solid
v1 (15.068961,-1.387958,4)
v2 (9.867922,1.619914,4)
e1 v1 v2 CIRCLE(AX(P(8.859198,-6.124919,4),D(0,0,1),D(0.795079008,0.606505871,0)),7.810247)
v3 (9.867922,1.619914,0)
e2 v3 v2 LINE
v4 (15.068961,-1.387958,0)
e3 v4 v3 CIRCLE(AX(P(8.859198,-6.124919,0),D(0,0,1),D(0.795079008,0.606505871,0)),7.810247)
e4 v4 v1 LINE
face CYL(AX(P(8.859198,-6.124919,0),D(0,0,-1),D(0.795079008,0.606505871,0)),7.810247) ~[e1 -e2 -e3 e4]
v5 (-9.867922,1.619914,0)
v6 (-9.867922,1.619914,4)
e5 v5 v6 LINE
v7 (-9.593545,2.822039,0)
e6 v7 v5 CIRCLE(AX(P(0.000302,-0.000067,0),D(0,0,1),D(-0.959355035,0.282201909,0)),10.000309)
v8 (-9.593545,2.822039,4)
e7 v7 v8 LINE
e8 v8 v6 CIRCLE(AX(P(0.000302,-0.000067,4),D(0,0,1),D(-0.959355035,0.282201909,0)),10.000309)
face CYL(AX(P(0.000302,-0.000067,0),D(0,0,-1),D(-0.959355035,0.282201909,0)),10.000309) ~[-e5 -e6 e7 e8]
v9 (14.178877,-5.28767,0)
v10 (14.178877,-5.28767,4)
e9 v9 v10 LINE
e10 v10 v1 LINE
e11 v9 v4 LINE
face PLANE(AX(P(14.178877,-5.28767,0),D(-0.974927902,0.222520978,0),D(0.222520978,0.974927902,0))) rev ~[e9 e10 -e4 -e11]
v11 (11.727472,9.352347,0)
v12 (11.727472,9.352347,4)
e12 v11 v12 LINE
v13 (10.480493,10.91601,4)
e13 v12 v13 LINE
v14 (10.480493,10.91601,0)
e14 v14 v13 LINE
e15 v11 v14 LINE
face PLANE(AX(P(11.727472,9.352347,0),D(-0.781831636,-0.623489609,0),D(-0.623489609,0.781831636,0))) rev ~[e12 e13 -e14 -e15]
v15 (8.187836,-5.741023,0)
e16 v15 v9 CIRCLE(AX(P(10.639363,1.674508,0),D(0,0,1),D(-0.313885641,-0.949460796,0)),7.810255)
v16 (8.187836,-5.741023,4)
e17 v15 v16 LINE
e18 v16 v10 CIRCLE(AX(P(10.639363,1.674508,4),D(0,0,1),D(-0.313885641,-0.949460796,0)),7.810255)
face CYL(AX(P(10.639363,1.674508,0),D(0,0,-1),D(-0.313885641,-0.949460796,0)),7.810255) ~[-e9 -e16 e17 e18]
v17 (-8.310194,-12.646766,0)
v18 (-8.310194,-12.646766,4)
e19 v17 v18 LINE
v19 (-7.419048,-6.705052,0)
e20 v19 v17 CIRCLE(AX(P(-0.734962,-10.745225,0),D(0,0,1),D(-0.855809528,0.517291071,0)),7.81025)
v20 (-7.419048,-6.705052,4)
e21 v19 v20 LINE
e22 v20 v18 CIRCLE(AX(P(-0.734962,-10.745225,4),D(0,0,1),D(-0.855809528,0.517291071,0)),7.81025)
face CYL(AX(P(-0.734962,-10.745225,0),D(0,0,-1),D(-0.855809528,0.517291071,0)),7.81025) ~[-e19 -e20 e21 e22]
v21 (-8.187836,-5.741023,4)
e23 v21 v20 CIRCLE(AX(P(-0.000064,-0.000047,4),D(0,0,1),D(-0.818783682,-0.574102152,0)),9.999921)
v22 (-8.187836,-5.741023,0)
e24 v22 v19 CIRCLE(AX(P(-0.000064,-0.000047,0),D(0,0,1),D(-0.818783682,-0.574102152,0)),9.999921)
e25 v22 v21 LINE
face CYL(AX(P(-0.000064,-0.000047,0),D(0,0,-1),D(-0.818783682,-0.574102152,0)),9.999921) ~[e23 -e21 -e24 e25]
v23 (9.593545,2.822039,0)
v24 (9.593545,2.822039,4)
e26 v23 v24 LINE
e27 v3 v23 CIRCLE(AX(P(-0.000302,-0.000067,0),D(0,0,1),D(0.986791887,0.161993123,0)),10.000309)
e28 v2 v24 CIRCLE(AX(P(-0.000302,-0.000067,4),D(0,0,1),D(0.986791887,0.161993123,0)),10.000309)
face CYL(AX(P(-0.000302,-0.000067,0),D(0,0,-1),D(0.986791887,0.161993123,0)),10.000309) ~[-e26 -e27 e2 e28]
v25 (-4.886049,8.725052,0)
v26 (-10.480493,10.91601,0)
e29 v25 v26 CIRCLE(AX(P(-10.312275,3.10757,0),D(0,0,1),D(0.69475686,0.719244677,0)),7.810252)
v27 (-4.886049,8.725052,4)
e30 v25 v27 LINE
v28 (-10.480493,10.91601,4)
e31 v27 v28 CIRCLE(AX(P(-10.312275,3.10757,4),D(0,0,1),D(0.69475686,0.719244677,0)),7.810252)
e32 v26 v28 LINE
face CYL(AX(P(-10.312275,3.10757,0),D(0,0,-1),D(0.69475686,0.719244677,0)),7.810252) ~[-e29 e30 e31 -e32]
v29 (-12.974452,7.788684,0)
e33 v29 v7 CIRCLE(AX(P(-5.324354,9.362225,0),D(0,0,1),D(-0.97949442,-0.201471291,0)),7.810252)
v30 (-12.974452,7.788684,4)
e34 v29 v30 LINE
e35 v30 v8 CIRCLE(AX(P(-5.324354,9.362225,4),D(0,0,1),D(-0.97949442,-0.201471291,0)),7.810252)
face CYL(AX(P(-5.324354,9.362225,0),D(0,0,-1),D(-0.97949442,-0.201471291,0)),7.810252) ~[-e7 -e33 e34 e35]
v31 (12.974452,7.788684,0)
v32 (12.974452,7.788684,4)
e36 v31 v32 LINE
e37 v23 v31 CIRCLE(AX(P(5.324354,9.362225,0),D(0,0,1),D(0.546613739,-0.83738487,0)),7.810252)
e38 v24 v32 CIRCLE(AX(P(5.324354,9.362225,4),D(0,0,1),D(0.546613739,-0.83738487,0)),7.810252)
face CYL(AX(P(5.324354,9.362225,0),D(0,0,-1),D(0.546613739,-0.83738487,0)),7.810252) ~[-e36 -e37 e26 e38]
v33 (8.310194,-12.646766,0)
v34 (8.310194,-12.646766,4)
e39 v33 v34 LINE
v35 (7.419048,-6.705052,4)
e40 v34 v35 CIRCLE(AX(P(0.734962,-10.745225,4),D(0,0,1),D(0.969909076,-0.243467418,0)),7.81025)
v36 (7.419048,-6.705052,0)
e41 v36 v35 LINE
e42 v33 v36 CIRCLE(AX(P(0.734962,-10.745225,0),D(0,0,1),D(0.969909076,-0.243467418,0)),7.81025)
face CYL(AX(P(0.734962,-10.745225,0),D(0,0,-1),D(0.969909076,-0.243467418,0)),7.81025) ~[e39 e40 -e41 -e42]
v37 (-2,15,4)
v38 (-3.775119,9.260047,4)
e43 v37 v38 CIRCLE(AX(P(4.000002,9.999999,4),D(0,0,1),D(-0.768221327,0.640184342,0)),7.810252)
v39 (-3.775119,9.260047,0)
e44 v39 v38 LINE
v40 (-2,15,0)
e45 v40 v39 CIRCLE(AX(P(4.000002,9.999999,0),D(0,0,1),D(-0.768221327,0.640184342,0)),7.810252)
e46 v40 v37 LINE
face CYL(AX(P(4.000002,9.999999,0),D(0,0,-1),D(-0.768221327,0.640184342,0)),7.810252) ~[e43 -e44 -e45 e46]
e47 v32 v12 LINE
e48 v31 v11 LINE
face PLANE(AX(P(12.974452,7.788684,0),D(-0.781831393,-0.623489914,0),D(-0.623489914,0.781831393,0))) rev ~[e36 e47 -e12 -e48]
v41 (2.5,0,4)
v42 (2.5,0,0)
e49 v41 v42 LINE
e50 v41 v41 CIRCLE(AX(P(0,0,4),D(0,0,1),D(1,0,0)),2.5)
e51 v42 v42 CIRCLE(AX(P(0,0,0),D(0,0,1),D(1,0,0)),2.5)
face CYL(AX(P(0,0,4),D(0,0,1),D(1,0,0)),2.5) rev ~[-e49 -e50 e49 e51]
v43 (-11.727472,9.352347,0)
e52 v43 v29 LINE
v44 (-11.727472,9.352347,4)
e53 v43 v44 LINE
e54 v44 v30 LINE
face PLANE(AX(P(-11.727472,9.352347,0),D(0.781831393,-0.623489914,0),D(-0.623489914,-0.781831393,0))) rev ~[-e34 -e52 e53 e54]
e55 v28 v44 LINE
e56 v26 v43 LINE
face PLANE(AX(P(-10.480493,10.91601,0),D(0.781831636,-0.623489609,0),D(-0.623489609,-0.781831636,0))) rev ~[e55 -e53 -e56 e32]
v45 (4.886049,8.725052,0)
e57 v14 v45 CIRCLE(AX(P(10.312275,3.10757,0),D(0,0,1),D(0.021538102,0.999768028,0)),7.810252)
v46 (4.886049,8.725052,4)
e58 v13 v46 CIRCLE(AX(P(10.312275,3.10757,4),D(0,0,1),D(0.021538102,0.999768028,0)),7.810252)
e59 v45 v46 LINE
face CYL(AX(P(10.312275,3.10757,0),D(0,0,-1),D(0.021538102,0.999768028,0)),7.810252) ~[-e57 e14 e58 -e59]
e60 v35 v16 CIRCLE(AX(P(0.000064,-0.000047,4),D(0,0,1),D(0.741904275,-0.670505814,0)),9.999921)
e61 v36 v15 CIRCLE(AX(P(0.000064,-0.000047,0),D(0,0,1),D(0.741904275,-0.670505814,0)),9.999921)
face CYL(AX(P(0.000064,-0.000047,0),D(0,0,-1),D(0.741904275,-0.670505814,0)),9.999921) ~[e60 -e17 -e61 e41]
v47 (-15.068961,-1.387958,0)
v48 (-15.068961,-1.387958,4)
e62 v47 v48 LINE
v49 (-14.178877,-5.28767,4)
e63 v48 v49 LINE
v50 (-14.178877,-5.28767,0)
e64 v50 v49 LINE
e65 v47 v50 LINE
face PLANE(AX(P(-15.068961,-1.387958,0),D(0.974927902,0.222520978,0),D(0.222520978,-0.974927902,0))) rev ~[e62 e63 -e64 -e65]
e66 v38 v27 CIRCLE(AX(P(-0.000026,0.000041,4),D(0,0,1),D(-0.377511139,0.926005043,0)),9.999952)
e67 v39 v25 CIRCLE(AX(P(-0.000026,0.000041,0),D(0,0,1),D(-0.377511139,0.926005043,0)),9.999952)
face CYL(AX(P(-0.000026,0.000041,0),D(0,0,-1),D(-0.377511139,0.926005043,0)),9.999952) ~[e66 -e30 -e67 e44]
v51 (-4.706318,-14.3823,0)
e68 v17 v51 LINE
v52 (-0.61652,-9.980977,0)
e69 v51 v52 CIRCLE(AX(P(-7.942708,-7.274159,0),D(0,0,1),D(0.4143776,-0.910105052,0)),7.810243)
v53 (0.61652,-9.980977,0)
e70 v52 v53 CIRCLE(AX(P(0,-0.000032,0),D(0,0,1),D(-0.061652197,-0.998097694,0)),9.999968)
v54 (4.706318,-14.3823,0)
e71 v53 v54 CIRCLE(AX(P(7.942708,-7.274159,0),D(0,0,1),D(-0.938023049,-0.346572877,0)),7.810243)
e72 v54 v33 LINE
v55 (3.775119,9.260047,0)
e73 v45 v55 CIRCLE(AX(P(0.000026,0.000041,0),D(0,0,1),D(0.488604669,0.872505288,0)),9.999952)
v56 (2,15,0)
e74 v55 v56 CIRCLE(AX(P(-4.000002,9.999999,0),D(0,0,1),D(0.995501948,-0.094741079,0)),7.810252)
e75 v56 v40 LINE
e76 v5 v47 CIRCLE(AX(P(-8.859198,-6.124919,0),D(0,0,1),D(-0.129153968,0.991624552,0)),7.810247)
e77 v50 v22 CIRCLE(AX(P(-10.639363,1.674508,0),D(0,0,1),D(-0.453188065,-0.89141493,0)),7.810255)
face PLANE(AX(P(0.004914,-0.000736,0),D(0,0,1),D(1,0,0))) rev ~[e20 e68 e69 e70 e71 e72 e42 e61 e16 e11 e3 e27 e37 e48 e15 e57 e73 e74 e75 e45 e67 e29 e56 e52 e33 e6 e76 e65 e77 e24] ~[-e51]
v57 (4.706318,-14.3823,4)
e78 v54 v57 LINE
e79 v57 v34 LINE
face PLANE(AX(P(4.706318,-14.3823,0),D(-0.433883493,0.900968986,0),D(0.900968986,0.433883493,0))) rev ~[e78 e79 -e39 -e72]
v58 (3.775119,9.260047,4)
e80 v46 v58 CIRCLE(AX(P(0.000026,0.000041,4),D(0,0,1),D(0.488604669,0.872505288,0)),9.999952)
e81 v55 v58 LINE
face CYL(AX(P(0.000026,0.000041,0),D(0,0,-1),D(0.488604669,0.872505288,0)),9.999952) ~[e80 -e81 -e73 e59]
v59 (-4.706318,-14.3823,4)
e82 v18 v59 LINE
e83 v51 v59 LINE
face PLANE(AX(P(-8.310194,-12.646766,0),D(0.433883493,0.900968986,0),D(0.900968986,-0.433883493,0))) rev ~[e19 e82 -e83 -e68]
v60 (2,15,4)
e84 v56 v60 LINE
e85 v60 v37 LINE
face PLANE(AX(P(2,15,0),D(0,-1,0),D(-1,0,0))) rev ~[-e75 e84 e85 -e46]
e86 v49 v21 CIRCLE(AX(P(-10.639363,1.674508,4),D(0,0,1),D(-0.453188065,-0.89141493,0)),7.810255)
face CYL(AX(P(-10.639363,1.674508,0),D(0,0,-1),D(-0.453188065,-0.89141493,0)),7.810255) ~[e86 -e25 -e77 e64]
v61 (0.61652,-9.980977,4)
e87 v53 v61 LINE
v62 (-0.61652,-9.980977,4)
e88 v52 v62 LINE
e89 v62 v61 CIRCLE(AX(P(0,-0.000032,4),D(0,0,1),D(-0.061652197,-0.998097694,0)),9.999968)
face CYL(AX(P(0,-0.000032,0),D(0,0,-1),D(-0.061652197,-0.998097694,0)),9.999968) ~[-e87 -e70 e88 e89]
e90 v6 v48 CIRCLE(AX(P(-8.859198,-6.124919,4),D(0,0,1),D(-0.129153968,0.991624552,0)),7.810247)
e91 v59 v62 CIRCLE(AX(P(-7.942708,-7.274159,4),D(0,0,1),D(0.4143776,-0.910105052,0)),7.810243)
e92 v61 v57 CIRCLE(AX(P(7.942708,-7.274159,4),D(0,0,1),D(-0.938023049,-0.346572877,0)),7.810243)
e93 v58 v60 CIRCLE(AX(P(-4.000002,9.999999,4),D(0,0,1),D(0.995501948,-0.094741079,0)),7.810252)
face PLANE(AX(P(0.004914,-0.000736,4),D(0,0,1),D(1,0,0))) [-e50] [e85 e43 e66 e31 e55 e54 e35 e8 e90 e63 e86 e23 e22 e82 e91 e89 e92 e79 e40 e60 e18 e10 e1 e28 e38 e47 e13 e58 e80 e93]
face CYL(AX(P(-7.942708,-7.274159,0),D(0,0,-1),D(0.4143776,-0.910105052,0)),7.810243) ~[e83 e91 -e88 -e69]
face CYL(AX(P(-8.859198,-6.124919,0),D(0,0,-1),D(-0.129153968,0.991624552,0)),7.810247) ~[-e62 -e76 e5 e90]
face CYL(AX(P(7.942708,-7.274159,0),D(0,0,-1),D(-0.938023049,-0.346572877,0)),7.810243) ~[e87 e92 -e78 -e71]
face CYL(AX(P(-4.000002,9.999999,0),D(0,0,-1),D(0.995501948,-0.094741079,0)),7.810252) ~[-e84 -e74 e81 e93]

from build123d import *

# Parameters (mm, degrees)
F1_DEPTH = 4
F2_R     = 2.5
F3_DEPTH = 4.001


with BuildPart() as f1:
    # F0 (on Top) → F1 (new body)
    with BuildSketch(Plane.XY):
        with BuildLine():
            ThreePointArc((8.187836, -5.741023), (9.536204, -3.01012), (10, 0))
            ThreePointArc((10, 0), (9.966926, 0.812645), (9.867922, 1.619914))
            ThreePointArc((9.867922, 1.619914), (9.749279, 2.225209), (9.593545, 2.822039))
            ThreePointArc((9.593545, 2.822039), (7.818315, 6.234898), (4.886049, 8.725052))
            ThreePointArc((4.886049, 8.725052), (4.338837, 9.009689), (3.775119, 9.260047))
            ThreePointArc((3.775119, 9.260047), (0, 10), (-3.775119, 9.260047))
            ThreePointArc((-3.775119, 9.260047), (-4.338837, 9.009689), (-4.886049, 8.725052))
            ThreePointArc((-4.886049, 8.725052), (-7.818315, 6.234898), (-9.593545, 2.822039))
            ThreePointArc((-9.593545, 2.822039), (-9.749279, 2.225209), (-9.867922, 1.619914))
            ThreePointArc((-9.867922, 1.619914), (-9.749279, -2.225209), (-8.187836, -5.741023))
            ThreePointArc((-8.187836, -5.741023), (-7.818315, -6.234898), (-7.419048, -6.705052))
            ThreePointArc((-7.419048, -6.705052), (-4.338837, -9.009689), (-0.61652, -9.980977))
            ThreePointArc((-0.61652, -9.980977), (0, -10), (0.61652, -9.980977))
            ThreePointArc((0.61652, -9.980977), (4.338837, -9.009689), (7.419048, -6.705052))
            ThreePointArc((7.419048, -6.705052), (7.818315, -6.234898), (8.187836, -5.741023))
        make_face()
        with BuildLine():
            ThreePointArc((9.867922, 1.619914), (9.966926, 0.812645), (10, 0))
            ThreePointArc((10, 0), (9.536204, -3.01012), (8.187836, -5.741023))
            ThreePointArc((8.187836, -5.741023), (11.228694, -6.113481), (14.178877, -5.28767))
            Line((14.178877, -5.28767), (14.623919, -3.337814))
            Line((14.623919, -3.337814), (15.068961, -1.387958))
            ThreePointArc((15.068961, -1.387958), (12.769244, 0.636109), (9.867922, 1.619914))
        make_face()
        with BuildLine():
            ThreePointArc((4.886049, 8.725052), (7.818315, 6.234898), (9.593545, 2.822039))
            ThreePointArc((9.593545, 2.822039), (11.780688, 4.967253), (12.974452, 7.788684))
            Line((12.974452, 7.788684), (11.727472, 9.352347))
            Line((11.727472, 9.352347), (10.480493, 10.91601))
            ThreePointArc((10.480493, 10.91601), (7.464164, 10.380004), (4.886049, 8.725052))
        make_face()
        with BuildLine():
            ThreePointArc((8.310194, -12.646766), (8.458823, -9.58679), (7.419048, -6.705052))
            ThreePointArc((7.419048, -6.705052), (4.338837, -9.009689), (0.61652, -9.980977))
            ThreePointArc((0.61652, -9.980977), (2.221264, -12.59064), (4.706318, -14.3823))
            Line((4.706318, -14.3823), (6.508256, -13.514533))
            Line((6.508256, -13.514533), (8.310194, -12.646766))
        make_face()
        with BuildLine():
            ThreePointArc((-3.775119, 9.260047), (0, 10), (3.775119, 9.260047))
            ThreePointArc((3.775119, 9.260047), (3.461584, 12.307545), (2, 15))
            Line((2, 15), (0, 15))
            Line((0, 15), (-2, 15))
            ThreePointArc((-2, 15), (-3.461584, 12.307545), (-3.775119, 9.260047))
        make_face()
        with BuildLine():
            ThreePointArc((-4.706318, -14.3823), (-2.221264, -12.59064), (-0.61652, -9.980977))
            ThreePointArc((-0.61652, -9.980977), (-4.338837, -9.009689), (-7.419048, -6.705052))
            ThreePointArc((-7.419048, -6.705052), (-8.458823, -9.58679), (-8.310194, -12.646766))
            Line((-8.310194, -12.646766), (-6.508256, -13.514533))
            Line((-6.508256, -13.514533), (-4.706318, -14.3823))
        make_face()
        with BuildLine():
            ThreePointArc((-9.593545, 2.822039), (-7.818315, 6.234898), (-4.886049, 8.725052))
            ThreePointArc((-4.886049, 8.725052), (-7.464164, 10.380004), (-10.480493, 10.91601))
            Line((-10.480493, 10.91601), (-11.727472, 9.352347))
            Line((-11.727472, 9.352347), (-12.974452, 7.788684))
            ThreePointArc((-12.974452, 7.788684), (-11.780688, 4.967253), (-9.593545, 2.822039))
        make_face()
        with BuildLine():
            ThreePointArc((-14.178877, -5.28767), (-11.228694, -6.113481), (-8.187836, -5.741023))
            ThreePointArc((-8.187836, -5.741023), (-9.749279, -2.225209), (-9.867922, 1.619914))
            ThreePointArc((-9.867922, 1.619914), (-12.769244, 0.636109), (-15.068961, -1.387958))
            Line((-15.068961, -1.387958), (-14.623919, -3.337814))
            Line((-14.623919, -3.337814), (-14.178877, -5.28767))
        make_face()
    extrude(amount=F1_DEPTH)

    # F2 (on face) → F3 (cut, through all)
    with BuildSketch(Plane.XY.offset(4)):
        Circle(F2_R)
    extrude(amount=-F3_DEPTH, mode=Mode.SUBTRACT)


solid = f1.part
